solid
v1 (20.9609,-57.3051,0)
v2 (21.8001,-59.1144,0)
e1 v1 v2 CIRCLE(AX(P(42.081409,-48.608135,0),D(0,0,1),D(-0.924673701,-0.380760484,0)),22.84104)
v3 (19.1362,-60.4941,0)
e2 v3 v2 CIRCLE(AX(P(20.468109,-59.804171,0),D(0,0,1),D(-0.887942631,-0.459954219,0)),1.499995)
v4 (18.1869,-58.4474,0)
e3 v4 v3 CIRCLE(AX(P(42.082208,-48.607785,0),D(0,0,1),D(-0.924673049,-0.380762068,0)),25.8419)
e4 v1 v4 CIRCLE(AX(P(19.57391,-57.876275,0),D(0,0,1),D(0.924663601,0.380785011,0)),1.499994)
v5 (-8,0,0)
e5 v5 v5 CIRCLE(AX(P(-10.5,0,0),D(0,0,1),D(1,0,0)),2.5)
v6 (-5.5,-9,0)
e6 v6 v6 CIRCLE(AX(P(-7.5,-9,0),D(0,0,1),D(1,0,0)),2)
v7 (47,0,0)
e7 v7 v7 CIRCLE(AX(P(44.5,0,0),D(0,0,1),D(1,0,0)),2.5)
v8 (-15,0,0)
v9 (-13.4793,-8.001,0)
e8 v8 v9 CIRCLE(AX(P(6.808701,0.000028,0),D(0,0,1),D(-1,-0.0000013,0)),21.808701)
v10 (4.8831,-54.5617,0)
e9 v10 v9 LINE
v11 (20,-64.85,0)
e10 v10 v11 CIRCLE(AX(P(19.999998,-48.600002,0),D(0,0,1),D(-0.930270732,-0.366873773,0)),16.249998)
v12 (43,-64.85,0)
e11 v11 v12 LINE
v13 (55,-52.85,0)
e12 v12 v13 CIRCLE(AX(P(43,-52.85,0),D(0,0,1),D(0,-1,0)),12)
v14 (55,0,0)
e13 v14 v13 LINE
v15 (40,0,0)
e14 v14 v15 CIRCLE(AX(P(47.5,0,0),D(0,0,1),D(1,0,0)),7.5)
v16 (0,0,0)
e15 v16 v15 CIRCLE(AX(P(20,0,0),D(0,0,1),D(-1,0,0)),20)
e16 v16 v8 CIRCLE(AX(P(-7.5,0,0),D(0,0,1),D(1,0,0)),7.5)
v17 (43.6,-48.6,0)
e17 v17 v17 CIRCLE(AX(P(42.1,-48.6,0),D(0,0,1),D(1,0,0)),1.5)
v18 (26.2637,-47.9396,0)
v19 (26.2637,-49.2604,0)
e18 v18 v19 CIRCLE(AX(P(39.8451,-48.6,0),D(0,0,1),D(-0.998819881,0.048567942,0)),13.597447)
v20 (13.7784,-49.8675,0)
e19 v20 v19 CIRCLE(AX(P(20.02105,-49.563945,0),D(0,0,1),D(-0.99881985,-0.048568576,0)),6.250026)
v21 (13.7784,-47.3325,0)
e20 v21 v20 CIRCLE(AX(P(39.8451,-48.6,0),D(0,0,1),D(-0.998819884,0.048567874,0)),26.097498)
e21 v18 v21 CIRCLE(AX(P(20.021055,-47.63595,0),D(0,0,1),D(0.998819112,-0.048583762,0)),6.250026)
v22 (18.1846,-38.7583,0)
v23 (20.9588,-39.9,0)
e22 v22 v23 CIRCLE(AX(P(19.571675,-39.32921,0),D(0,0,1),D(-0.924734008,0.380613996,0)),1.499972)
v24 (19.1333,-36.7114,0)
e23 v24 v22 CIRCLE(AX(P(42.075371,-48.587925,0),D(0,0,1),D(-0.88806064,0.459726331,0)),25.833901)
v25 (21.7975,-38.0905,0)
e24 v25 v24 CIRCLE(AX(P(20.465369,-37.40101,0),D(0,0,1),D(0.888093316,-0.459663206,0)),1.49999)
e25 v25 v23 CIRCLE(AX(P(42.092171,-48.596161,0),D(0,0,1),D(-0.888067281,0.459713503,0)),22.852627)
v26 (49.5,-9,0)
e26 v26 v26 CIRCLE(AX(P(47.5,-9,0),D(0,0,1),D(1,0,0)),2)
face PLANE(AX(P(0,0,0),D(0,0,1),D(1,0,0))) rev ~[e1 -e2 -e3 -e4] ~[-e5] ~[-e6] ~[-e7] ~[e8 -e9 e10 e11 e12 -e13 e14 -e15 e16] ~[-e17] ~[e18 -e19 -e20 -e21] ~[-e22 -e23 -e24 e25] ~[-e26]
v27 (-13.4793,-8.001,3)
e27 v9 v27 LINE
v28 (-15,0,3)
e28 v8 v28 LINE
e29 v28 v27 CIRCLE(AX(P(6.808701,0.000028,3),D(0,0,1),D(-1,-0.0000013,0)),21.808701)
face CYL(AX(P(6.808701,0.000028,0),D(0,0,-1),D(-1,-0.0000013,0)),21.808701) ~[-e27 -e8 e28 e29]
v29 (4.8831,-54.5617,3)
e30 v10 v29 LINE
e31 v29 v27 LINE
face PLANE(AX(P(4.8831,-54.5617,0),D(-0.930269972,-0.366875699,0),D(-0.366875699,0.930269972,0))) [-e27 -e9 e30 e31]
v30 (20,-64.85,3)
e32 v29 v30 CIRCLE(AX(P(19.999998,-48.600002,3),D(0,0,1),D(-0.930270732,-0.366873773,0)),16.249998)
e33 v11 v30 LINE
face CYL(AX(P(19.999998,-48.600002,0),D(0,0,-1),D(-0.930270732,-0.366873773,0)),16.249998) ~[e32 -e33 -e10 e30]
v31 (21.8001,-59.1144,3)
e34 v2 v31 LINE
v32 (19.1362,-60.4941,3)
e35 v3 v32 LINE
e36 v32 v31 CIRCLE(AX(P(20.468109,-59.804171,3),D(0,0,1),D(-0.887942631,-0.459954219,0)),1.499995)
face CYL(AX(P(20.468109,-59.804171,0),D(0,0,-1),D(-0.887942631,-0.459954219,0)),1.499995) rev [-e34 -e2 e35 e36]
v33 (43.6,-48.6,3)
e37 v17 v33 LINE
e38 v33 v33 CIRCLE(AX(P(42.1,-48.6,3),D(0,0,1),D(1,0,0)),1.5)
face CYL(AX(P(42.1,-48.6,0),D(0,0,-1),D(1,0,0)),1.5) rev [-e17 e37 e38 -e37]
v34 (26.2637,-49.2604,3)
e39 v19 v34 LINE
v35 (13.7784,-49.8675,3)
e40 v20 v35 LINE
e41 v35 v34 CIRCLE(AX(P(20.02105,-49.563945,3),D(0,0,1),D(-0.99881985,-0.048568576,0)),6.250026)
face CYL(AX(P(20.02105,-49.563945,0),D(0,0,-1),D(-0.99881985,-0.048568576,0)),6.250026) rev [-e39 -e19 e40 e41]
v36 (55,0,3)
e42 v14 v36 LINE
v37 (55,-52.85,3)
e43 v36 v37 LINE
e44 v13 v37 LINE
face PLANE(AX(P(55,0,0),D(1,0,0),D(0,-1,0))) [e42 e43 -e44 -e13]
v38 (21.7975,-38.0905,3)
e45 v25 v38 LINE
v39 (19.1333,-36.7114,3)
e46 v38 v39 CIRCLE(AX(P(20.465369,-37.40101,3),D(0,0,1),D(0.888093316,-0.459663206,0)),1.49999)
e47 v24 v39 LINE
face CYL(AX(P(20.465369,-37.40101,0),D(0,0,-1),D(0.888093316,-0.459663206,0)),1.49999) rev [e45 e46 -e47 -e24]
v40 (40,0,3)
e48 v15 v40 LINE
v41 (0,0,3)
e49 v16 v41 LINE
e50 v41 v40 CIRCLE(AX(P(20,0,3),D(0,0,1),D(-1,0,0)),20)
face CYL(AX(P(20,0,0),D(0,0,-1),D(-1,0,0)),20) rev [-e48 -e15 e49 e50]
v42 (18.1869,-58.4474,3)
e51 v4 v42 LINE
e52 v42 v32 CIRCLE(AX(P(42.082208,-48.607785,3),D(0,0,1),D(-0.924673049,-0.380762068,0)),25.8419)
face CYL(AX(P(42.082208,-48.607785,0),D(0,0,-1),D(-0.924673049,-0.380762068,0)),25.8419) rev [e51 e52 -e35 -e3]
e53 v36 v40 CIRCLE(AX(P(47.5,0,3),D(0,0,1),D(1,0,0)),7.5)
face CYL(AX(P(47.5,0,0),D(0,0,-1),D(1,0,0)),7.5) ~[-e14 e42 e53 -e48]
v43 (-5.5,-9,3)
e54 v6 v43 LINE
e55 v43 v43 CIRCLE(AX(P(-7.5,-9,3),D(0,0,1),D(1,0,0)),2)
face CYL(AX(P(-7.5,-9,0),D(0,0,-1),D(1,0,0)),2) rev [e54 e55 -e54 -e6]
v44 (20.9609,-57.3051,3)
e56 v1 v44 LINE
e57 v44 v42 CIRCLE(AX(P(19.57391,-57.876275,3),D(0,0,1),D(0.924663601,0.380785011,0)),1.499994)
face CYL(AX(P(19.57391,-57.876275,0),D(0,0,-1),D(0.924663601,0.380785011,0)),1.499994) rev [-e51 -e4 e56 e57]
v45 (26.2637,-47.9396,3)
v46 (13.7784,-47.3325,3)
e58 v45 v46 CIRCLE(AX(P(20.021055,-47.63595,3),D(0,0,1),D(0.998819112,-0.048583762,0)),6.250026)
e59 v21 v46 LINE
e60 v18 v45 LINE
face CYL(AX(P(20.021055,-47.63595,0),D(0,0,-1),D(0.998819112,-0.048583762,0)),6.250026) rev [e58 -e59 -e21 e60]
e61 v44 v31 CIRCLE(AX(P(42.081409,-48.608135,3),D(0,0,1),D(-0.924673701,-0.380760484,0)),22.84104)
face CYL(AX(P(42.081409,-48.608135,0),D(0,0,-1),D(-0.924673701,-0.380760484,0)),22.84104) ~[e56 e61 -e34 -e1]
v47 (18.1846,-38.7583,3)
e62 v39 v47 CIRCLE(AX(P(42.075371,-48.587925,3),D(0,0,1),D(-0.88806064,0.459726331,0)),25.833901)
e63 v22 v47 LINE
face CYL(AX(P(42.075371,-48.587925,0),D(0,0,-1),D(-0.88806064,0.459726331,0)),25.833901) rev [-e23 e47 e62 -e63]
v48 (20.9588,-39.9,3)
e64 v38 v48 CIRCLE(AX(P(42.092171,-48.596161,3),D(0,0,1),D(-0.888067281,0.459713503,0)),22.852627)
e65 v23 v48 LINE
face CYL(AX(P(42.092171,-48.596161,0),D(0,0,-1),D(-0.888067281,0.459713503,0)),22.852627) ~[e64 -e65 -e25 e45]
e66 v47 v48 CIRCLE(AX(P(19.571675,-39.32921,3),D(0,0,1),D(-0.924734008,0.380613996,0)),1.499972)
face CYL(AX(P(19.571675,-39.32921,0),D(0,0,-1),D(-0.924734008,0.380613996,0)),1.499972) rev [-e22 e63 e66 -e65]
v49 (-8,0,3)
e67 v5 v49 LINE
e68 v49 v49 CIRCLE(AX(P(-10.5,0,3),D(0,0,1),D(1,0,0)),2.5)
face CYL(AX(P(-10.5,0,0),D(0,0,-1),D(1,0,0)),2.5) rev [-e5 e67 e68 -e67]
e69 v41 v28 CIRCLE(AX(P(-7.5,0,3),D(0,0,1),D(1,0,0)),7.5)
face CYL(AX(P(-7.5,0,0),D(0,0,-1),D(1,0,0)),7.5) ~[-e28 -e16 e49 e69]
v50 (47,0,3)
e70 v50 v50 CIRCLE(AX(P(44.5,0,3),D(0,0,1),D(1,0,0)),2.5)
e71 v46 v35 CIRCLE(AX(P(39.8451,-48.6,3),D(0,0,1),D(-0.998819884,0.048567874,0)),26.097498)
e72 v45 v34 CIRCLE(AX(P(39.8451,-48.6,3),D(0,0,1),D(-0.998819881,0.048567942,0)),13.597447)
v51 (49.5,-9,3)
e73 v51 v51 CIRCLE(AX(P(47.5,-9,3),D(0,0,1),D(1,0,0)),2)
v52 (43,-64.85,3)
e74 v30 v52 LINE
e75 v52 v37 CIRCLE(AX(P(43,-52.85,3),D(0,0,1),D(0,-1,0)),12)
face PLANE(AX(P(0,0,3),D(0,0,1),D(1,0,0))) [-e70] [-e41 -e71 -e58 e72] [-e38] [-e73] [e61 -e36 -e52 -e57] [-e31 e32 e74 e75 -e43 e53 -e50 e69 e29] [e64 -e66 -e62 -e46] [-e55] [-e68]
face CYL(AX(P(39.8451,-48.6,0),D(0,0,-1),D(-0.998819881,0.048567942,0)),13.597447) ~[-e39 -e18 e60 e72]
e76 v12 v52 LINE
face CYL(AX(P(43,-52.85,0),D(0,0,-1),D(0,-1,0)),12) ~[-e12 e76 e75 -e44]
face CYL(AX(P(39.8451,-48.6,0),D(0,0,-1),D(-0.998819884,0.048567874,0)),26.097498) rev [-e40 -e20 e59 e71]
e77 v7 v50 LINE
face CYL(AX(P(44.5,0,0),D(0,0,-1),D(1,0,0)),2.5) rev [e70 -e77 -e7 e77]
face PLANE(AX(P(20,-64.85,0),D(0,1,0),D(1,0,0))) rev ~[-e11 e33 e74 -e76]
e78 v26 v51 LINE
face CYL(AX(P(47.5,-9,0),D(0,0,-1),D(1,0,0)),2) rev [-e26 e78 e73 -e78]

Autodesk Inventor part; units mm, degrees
ref_plane "YZ Plane" through (0, 0, 0) normal (1, 0, 0) x (0, 1, 0)
ref_plane "XZ Plane" through (0, 0, 0) normal (0, 1, 0) x (-1, 0, 0)
ref_plane "XY Plane" through (0, 0, 0) normal (0, 0, 1) x (1, 0, 0)
sketch "Sketch1" plane through (0, 0, 0) normal (0, 0, 1) x (1, 0, 0)
  line L0 (-15, 13.1624) -> (0, 13.1624) construction
  line L1 (-15, -13.1624) -> (-15, 13.1624) construction
  line L2 (0, -13.1624) -> (-15, -13.1624) construction
  line L3 (0, 13.1624) -> (0, -13.1624) construction
  circle A0 centre (20, -58.85) radius 1.2295 construction
  circle A1 centre (20, -38.35) radius 1.2295 construction
  circle A2 centre (42.1, -48.6) radius 1.2295 construction
  circle A3 centre (20, -48.6) radius 6 construction
  circle A4 centre (20, 0) radius 4 construction
  line L4 (40, 13.1624) -> (55, 13.1624) construction
  line L5 (40, -13.1624) -> (40, 13.1624) construction
  line L6 (55, -13.1624) -> (40, -13.1624) construction
  line L7 (55, 13.1624) -> (55, -13.1624) construction
  arc A5 (0, 0) -> (-15, 0) centre (-7.5, 0) ccw
  arc A6 (55, 0) -> (40, 0) centre (47.5, 0) ccw
  arc A7 (0, 0) -> (40, 0) centre (20, 0) ccw
  line L8 (53.51, -48.6) -> (3.95, -48.6) construction
  line L9 (20, -64.85) -> (43, -64.85)
  line L10 (55, 0) -> (55, -52.85)
  arc A8 (43, -64.85) -> (55, -52.85) centre (43, -52.85) ccw
  line L11 (4.8831, -54.5617) -> (-13.4793, -8.001)
  arc A9 (4.8831, -54.5617) -> (20, -64.85) centre (20, -48.6) ccw
  arc A10 (-15, 0) -> (-13.4793, -8.001) centre (6.8084, 0) ccw
  circle A11 centre (42.1, -48.6) radius 1.5
  arc A12 (19.1333, -36.7114) -> (18.1846, -38.7583) centre (42.1, -48.6) ccw
  arc A13 (21.7975, -38.0905) -> (20.9588, -39.9) centre (42.1, -48.6) ccw
  arc A14 (20.9609, -57.3051) -> (21.8001, -59.1144) centre (42.1, -48.6) ccw construction
  arc A15 (18.1869, -58.4474) -> (19.1362, -60.4941) centre (42.1, -48.6) ccw
  arc A16 (19.1362, -60.4941) -> (21.8001, -59.1144) centre (20.4681, -59.8042) ccw
  arc A17 (20.9609, -57.3051) -> (18.1869, -58.4474) centre (19.5739, -57.8763) ccw
  arc A18 (18.1846, -38.7583) -> (20.9588, -39.9) centre (19.5717, -39.3292) ccw
  arc A19 (21.7975, -38.0905) -> (19.1333, -36.7114) centre (20.4654, -37.401) ccw
  arc A20 (19.5739, -57.8763) -> (20.4681, -59.8042) centre (42.1, -48.6) ccw construction
  arc A21 (20.4654, -37.401) -> (19.5717, -39.3292) centre (42.1, -48.6) ccw construction
  arc A22 (20.9609, -57.3051) -> (21.8001, -59.1144) centre (42.1, -48.6) ccw
  arc A23 (13.7784, -47.3325) -> (13.7784, -49.8675) centre (39.8451, -48.6) ccw
  arc A24 (26.2637, -47.9396) -> (26.2637, -49.2604) centre (39.8451, -48.6) ccw
  arc A25 (13.7784, -49.8675) -> (26.2637, -49.2604) centre (20.021, -49.564) ccw
  arc A26 (26.2637, -47.9396) -> (13.7784, -47.3325) centre (20.021, -47.636) ccw
  arc A27 (20.021, -47.636) -> (20.021, -49.564) centre (42.1, -48.6) ccw construction
  circle A28 centre (-7.5, -9) radius 1.7295
  circle A29 centre (47.5, -9) radius 1.7295
  circle A30 centre (47.5, -9) radius 2
  circle A31 centre (-7.5, -9) radius 2
  circle A32 centre (-10.5, 0) radius 2.067
  circle A33 centre (44.5, 0) radius 2.067
  circle A34 centre (-10.5, 0) radius 2.5
  circle A35 centre (44.5, 0) radius 2.5
extrude "Extrusion1" add sketch "Sketch1" along normal blind 3 contours A7 A6 L10 A8 L9 A9 L11 A10 A5
properties part number "motor plate"
